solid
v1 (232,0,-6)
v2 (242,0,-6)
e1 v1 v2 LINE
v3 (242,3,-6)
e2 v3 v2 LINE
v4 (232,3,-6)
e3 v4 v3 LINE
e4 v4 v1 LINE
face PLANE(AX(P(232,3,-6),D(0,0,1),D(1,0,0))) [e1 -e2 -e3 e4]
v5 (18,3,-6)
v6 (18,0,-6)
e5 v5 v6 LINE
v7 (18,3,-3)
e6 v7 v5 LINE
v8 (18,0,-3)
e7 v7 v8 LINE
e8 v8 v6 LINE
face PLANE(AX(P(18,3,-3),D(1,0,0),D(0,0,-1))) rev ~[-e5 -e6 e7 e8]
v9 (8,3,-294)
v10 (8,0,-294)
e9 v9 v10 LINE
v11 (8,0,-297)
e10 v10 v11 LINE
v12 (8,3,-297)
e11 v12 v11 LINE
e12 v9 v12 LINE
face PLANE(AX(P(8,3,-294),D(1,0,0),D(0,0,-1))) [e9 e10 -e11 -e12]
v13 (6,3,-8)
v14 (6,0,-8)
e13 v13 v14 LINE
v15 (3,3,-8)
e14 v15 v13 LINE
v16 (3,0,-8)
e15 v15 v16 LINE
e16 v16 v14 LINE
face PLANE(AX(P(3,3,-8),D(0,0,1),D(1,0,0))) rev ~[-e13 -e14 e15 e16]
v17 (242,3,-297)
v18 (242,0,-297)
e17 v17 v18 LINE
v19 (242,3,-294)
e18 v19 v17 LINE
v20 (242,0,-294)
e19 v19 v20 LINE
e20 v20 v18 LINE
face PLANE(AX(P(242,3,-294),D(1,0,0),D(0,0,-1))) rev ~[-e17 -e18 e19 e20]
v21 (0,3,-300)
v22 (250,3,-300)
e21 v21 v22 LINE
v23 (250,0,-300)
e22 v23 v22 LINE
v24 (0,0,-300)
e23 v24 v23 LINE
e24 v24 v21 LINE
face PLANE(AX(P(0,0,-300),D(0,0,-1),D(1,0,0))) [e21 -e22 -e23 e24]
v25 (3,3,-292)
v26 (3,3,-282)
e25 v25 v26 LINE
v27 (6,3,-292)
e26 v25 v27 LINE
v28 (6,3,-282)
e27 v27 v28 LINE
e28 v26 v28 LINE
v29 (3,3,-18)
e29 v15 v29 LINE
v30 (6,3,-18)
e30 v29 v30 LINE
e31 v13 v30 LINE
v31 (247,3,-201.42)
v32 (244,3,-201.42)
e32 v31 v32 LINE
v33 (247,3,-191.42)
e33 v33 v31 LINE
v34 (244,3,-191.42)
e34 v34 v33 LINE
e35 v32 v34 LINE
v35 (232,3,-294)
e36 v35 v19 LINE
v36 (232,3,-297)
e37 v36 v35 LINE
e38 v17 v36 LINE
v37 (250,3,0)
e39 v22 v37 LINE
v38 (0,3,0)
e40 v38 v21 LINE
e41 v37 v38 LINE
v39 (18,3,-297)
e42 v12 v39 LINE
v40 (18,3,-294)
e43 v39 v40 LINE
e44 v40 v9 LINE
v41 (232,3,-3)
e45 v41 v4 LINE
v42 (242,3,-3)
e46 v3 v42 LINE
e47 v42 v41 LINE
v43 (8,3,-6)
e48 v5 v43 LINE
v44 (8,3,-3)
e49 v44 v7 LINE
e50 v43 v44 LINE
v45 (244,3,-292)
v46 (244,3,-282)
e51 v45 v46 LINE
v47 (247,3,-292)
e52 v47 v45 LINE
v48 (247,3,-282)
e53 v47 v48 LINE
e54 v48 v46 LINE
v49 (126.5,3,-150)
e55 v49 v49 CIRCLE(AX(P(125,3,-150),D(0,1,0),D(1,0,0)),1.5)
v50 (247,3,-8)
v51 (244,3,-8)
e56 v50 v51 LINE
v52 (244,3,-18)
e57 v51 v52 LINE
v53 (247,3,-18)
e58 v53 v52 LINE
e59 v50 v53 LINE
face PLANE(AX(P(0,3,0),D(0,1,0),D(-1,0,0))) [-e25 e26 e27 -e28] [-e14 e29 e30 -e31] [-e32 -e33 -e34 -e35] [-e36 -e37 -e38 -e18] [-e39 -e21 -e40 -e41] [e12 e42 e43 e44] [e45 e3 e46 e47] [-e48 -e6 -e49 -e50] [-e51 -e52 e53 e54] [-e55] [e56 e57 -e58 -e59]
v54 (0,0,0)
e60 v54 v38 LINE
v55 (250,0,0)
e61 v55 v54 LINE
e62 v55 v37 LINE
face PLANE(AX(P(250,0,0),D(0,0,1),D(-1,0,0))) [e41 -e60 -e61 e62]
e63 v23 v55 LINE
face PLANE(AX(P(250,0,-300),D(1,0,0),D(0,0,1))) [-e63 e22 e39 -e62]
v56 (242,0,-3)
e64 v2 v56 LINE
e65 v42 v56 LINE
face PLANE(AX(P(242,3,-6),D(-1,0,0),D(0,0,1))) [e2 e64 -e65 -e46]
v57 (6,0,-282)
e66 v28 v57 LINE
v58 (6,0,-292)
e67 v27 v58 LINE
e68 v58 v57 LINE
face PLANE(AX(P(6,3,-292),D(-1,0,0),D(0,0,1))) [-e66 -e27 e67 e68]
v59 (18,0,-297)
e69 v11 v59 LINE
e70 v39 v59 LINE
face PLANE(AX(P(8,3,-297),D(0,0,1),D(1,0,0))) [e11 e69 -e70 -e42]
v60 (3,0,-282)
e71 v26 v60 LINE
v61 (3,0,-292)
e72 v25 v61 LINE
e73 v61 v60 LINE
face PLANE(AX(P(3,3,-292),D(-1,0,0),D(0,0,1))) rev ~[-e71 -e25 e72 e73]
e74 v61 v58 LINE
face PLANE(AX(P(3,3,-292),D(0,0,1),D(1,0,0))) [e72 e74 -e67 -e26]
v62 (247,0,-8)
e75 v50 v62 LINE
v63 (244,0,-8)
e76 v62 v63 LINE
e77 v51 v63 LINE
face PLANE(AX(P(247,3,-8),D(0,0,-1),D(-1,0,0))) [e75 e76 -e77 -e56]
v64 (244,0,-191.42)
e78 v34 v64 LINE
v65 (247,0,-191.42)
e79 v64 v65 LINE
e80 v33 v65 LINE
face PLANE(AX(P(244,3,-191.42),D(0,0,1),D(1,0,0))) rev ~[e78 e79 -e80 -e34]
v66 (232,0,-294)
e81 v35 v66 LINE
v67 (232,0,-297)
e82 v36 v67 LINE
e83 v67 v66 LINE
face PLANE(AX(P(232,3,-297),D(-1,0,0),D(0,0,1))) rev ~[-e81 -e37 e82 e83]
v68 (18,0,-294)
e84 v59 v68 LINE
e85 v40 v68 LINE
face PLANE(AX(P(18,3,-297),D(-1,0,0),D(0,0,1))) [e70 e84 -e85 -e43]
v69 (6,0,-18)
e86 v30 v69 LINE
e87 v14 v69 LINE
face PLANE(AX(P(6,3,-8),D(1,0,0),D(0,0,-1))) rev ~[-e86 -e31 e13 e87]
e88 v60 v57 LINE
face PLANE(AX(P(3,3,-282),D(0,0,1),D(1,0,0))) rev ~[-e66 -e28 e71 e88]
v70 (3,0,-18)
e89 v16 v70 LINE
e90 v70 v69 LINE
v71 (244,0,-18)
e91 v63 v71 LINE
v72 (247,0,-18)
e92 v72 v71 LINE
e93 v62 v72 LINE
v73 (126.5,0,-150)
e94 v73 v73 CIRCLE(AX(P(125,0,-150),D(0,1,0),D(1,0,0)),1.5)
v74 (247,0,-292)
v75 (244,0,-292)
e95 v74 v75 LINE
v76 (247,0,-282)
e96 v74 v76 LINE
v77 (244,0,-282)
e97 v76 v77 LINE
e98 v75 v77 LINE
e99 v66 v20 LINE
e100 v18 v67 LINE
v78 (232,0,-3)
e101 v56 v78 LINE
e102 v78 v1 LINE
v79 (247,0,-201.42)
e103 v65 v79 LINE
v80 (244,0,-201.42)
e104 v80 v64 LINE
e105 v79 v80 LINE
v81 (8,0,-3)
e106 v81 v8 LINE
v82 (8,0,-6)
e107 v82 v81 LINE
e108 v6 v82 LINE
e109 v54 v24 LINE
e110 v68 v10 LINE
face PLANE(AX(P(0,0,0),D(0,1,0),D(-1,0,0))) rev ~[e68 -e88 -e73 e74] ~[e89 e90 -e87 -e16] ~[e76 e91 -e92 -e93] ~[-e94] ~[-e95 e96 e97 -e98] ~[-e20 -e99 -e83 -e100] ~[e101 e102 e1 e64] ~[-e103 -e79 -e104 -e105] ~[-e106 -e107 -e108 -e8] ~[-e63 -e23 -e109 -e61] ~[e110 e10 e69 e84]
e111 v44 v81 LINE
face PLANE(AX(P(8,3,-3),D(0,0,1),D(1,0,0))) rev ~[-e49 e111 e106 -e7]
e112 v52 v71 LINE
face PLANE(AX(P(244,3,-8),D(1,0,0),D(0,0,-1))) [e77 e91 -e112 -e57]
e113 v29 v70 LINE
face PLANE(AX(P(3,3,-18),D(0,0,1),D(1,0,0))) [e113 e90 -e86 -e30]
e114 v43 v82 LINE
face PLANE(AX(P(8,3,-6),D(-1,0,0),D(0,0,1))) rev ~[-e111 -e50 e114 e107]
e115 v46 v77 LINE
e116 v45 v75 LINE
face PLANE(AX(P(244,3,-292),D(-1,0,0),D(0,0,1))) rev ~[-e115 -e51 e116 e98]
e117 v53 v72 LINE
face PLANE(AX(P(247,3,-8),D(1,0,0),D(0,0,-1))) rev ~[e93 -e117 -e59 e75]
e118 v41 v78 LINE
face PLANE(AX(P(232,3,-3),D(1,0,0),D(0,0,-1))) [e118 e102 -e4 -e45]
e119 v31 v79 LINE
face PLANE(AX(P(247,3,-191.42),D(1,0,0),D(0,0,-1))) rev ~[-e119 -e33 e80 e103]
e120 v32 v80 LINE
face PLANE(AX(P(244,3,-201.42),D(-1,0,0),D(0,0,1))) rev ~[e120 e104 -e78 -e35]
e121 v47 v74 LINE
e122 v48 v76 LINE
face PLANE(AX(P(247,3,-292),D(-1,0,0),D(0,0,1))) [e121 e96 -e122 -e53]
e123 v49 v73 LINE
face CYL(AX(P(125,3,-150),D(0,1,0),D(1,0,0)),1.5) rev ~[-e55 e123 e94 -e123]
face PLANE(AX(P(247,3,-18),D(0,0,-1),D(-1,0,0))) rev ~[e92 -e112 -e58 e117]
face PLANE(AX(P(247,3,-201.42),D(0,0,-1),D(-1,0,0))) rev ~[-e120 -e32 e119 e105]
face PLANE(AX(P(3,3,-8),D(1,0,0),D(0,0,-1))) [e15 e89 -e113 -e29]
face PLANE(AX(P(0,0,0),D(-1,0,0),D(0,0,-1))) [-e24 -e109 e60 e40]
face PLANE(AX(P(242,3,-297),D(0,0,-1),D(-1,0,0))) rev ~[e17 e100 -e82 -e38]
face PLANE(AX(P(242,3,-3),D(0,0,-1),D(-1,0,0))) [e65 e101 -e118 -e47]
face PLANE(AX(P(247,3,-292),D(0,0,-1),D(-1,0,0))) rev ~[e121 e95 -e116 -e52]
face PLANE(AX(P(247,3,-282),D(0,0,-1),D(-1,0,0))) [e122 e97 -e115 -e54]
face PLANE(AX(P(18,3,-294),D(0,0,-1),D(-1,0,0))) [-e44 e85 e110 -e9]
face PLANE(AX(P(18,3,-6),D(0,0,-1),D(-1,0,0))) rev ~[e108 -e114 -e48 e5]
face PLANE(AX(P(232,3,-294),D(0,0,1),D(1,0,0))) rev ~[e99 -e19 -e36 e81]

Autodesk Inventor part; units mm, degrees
ref_plane "YZ Plane" through (0, 0, 0) normal (1, 0, 0) x (0, 1, 0)
ref_plane "XZ Plane" through (0, 0, 0) normal (0, 1, 0) x (-1, 0, 0)
ref_plane "XY Plane" through (0, 0, 0) normal (0, 0, 1) x (1, 0, 0)
sketch "Sketch1" plane through (0, 0, 0) normal (0, 1, 0) x (-1, 0, 0)
  line L0 (0, -300) -> (-250, -300)
  line L1 (-250, -300) -> (-250, 0)
  line L2 (-250, 0) -> (0, 0)
  line L3 (0, 0) -> (0, -300)
  dimension "d0" = 300
  dimension "d1" = 250
extrude "Extrusion1" add sketch "Sketch1" along normal blind 3
sketch "Sketch2" plane through (0, 3, 0) normal (0, 1, 0) x (1, 0, 0)
  line L0 (8, 3) -> (18, 3)
  line L1 (18, 3) -> (18, 6)
  line L2 (18, 6) -> (8, 6)
  line L3 (8, 6) -> (8, 3)
  line L4 (3, 8) -> (3, 18)
  line L5 (3, 18) -> (6, 18)
  line L6 (0, 0) -> (250, 0) construction
  line L7 (0, 300) -> (0, 0) construction
  line L8 (125, 0) -> (125, 300) construction
  line L9 (250, 300) -> (0, 300) construction
  line L10 (0, 150) -> (250, 150) construction
  line L11 (250, 0) -> (250, 300) construction
  line L12 (3, 8) -> (6, 8)
  line L13 (6, 8) -> (6, 18)
  line L14 (242, 3) -> (232, 3)
  line L15 (232, 3) -> (232, 6)
  line L16 (232, 6) -> (242, 6)
  line L17 (242, 6) -> (242, 3)
  line L18 (247, 8) -> (247, 18)
  line L19 (247, 18) -> (244, 18)
  line L20 (247, 8) -> (244, 8)
  line L21 (244, 8) -> (244, 18)
  line L22 (8, 297) -> (18, 297)
  line L23 (18, 297) -> (18, 294)
  line L24 (18, 294) -> (8, 294)
  line L25 (8, 294) -> (8, 297)
  line L26 (3, 292) -> (3, 282)
  line L27 (3, 282) -> (6, 282)
  line L28 (3, 292) -> (6, 292)
  line L29 (6, 292) -> (6, 282)
  line L30 (242, 297) -> (232, 297)
  line L31 (232, 297) -> (232, 294)
  line L32 (242, 294) -> (242, 297)
  line L33 (247, 292) -> (247, 282)
  line L34 (247, 282) -> (244, 282)
  line L35 (247, 292) -> (244, 292)
  line L36 (244, 292) -> (244, 282)
  line L37 (232, 294) -> (242, 294)
  dimension "d6" = 8
  dimension "d7" = 3
  dimension "d9" = 10
  dimension "d12" = 3
  dimension "d13" = 10
  dimension "d14" = 3
  dimension "d15" = 3
  dimension "d16" = 8
extrude "Extrusion2" cut sketch "Sketch2" against normal blind 10
sketch "Sketch3" plane through (0, 3, 0) normal (0, 1, 0) x (1, 0, 0)
  circle A0 centre (125, 150) radius 1.5
  line L0 (0, 300) -> (0, 0) projected
  line L1 (0, 0) -> (250, 0) projected
  point P0 (0, 150)
  point P1 (125, 0)
  dimension "d17" = 3
extrude "Extrusion3" cut sketch "Sketch3" against normal blind 3
sketch "Sketch4" plane through (0, 3, 0) normal (0, 1, 0) x (1, 0, 0)
  line L0 (141.42, 3) -> (151.42, 3)
  line L1 (151.42, 3) -> (151.42, 6)
  line L2 (151.42, 6) -> (141.42, 6)
  line L3 (141.42, 6) -> (141.42, 3)
  line L4 (232, 3) -> (232, 6) projected
  line L5 (247, 201.42) -> (244, 201.42)
  line L6 (244, 201.42) -> (244, 191.42)
  line L7 (244, 191.42) -> (247, 191.42)
  line L8 (247, 191.42) -> (247, 201.42)
  point P0 (0, 0)
  point P1 (247, 282)
  dimension "d20" = 3
  dimension "d21" = 80.58
  dimension "d22" = 10
  dimension "d25" = 10
  dimension "d26" = 80.58
  dimension "d27" = 3
extrude "Extrusion4" cut sketch "Sketch4" against normal blind 3 contours L8 L7 L6 L5
sketch "Sketch5" plane through (0, 3, 0) normal (0, 1, 0) x (1, 0, 0)
  point P0 (0, 0)
equation "\"d10\" = d4"
equation "\"d4\" = 10"
properties part number "Base_de_equipo"
